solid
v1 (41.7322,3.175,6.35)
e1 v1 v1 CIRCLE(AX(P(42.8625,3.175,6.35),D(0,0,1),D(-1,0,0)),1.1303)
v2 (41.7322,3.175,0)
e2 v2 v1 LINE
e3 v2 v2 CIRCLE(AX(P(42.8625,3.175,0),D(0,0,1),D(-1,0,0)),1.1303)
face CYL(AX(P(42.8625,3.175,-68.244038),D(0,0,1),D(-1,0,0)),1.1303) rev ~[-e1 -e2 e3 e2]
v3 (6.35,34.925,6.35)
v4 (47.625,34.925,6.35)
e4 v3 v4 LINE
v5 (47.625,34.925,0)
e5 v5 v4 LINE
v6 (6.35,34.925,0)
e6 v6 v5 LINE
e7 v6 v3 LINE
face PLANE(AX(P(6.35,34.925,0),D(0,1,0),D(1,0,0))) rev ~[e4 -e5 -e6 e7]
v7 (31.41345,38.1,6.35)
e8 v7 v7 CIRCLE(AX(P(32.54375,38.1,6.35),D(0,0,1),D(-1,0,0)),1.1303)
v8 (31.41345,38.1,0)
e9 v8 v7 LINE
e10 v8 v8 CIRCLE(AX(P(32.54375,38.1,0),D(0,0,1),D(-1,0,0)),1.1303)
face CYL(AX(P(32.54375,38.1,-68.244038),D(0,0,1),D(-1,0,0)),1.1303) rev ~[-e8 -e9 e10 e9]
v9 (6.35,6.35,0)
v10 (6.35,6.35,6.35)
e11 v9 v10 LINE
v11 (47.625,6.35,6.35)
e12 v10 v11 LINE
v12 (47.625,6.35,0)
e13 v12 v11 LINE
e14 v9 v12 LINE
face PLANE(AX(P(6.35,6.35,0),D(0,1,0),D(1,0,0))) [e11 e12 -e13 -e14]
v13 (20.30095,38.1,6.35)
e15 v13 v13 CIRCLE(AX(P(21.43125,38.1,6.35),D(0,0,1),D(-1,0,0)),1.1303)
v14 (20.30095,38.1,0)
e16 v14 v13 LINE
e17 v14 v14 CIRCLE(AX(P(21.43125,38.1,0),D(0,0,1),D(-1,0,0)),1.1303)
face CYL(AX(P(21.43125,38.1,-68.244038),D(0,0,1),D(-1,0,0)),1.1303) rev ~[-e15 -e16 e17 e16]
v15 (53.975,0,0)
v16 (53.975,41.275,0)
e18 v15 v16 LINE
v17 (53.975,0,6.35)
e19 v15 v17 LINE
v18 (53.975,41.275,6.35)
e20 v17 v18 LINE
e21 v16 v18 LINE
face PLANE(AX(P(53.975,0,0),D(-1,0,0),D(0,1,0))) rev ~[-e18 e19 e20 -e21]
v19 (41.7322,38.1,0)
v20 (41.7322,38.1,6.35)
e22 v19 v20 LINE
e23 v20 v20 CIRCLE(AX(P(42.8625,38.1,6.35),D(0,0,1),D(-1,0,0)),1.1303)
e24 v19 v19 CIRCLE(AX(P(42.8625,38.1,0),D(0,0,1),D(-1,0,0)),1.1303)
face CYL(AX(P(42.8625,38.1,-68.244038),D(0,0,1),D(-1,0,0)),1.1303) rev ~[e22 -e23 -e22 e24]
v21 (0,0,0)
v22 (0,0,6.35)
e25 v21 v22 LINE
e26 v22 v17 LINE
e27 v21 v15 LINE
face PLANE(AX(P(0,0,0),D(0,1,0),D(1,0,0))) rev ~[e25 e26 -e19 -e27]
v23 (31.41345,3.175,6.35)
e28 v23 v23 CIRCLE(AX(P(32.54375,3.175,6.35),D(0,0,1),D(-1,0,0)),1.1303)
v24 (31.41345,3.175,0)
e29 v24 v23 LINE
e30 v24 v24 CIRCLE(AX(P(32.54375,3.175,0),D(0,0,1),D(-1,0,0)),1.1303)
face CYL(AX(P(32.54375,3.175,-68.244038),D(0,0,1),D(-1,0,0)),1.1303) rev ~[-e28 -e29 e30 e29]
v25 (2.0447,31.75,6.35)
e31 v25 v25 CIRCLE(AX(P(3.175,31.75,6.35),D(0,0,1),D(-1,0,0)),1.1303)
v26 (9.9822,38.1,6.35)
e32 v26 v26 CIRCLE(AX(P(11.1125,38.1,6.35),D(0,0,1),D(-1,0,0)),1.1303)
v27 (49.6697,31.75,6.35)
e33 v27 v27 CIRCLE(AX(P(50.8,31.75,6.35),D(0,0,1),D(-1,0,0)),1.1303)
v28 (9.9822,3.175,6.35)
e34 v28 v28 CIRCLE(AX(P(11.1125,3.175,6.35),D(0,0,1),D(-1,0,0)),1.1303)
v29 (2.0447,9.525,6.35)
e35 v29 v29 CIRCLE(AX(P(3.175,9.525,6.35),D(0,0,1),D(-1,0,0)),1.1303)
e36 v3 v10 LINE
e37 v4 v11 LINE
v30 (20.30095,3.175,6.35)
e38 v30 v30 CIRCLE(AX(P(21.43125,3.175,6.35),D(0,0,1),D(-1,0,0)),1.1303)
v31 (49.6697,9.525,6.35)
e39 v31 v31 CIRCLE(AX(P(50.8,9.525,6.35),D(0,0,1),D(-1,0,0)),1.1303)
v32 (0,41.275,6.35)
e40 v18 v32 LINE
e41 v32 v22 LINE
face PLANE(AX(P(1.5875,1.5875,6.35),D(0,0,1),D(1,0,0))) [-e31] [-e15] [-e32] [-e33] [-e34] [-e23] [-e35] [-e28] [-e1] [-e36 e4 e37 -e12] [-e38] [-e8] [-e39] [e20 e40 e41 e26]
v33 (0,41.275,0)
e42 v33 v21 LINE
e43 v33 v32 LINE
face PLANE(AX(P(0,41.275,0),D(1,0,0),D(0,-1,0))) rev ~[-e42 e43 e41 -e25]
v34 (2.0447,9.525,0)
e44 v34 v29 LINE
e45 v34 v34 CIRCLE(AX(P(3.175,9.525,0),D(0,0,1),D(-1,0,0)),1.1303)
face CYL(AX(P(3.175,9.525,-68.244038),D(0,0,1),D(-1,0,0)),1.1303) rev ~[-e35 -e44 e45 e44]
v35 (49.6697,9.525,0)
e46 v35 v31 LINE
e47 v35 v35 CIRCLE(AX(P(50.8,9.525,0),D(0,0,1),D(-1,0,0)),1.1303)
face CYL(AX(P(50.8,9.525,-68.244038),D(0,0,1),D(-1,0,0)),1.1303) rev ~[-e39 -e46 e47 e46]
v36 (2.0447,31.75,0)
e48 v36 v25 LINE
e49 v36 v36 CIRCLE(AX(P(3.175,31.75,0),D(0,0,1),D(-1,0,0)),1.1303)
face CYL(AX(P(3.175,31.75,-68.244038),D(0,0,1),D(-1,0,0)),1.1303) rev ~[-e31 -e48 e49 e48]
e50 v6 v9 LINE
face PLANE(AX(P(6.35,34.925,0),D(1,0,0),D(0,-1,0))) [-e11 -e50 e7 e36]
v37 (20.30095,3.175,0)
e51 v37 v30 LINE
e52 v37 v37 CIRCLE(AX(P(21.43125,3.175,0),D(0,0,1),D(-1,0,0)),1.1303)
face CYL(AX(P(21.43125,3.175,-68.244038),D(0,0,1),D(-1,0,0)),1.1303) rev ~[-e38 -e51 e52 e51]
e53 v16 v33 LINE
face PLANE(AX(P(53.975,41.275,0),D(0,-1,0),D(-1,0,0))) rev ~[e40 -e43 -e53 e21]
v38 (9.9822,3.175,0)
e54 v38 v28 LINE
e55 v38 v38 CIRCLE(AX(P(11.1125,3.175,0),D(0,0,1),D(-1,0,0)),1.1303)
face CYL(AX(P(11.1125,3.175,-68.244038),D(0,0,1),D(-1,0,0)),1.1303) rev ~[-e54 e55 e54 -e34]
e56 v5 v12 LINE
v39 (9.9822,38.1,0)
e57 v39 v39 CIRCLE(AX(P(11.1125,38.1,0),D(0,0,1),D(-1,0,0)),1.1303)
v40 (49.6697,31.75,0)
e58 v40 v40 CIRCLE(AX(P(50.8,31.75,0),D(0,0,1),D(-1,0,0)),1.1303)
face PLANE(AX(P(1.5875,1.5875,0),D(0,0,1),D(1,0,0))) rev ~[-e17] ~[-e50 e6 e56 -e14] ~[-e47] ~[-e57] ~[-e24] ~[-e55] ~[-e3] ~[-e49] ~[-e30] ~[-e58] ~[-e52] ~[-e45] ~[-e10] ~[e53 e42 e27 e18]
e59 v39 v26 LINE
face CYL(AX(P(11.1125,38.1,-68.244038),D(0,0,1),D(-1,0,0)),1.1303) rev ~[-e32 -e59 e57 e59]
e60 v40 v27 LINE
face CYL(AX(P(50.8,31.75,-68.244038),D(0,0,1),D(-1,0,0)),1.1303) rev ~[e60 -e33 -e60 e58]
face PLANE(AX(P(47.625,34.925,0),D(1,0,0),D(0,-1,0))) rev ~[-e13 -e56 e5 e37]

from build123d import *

# Parameters (mm, degrees)
F0_W     = 3.175
F0_H     = 3.175
F1_DEPTH = 6.35
F2_W     = 41.275
F2_H     = 28.575
F3_DEPTH = 6.35
F4_D     = 2.2606
F5_D     = 2.2606
F6_D     = 2.2606
F7_D     = 2.2606
F8_D     = 2.2606
F9_D     = 2.2606
F10_D    = 2.2606
F11_D    = 2.2606
F12_D    = 2.2606
F13_D    = 2.2606
F14_D    = 2.2606
F15_D    = 2.2606


with BuildPart() as f1:
    # F0 (on Top) → F1 (new body)
    with BuildSketch(Plane.XY):
        with Locations((1.5875, 1.5875)):
            Rectangle(F0_W, F0_H)
        Polygon((3.175, 3.175), (3.175, 0), (50.8, 0), (50.8, 3.175), (53.975, 3.175), (53.975, 38.1), (50.8, 38.1), (50.8, 41.275), (3.175, 41.275), (3.175, 38.1), (0, 38.1), (0, 3.175), align=None)
        with Locations((52.3875, 1.5875)):
            Rectangle(F0_W, F0_H)
        with Locations((1.5875, 39.6875)):
            Rectangle(F0_W, F0_H)
        with Locations((52.3875, 39.6875)):
            Rectangle(F0_W, F0_H)
    extrude(amount=F1_DEPTH)

    # F2 (on face) → F3 (cut, through all)
    with BuildSketch(Plane(origin=(0, 0, 0), x_dir=(1, 0, 0), z_dir=(0, 0, -1))):
        with Locations((26.9875, -20.6375)):
            Rectangle(F2_W, F2_H)
    extrude(amount=-F3_DEPTH, mode=Mode.SUBTRACT)

    # F4 (through all)
    with Locations(Plane(origin=(0, 0, 0), x_dir=(1, 0, 0), z_dir=(0, 0, -1))):
        with Locations((11.1125, -3.175)):
            Hole(F4_D / 2)

    # F5 (through all)
    with Locations(Plane(origin=(0, 0, 0), x_dir=(1, 0, 0), z_dir=(0, 0, -1))):
        with Locations((21.43125, -3.175)):
            Hole(F5_D / 2)

    # F6 (through all)
    with Locations(Plane(origin=(0, 0, 0), x_dir=(1, 0, 0), z_dir=(0, 0, -1))):
        with Locations((32.54375, -3.175)):
            Hole(F6_D / 2)

    # F7 (through all)
    with Locations(Plane(origin=(0, 0, 0), x_dir=(1, 0, 0), z_dir=(0, 0, -1))):
        with Locations((42.8625, -3.175)):
            Hole(F7_D / 2)

    # F8 (through all)
    with Locations(Plane(origin=(0, 0, 0), x_dir=(1, 0, 0), z_dir=(0, 0, -1))):
        with Locations((11.1125, -38.1)):
            Hole(F8_D / 2)

    # F9 (through all)
    with Locations(Plane(origin=(0, 0, 0), x_dir=(1, 0, 0), z_dir=(0, 0, -1))):
        with Locations((21.43125, -38.1)):
            Hole(F9_D / 2)

    # F10 (through all)
    with Locations(Plane(origin=(0, 0, 0), x_dir=(1, 0, 0), z_dir=(0, 0, -1))):
        with Locations((32.54375, -38.1)):
            Hole(F10_D / 2)

    # F11 (through all)
    with Locations(Plane(origin=(0, 0, 0), x_dir=(1, 0, 0), z_dir=(0, 0, -1))):
        with Locations((42.8625, -38.1)):
            Hole(F11_D / 2)

    # F12 (through all)
    with Locations(Plane(origin=(0, 0, 0), x_dir=(1, 0, 0), z_dir=(0, 0, -1))):
        with Locations((3.175, -9.525)):
            Hole(F12_D / 2)

    # F13 (through all)
    with Locations(Plane(origin=(0, 0, 0), x_dir=(1, 0, 0), z_dir=(0, 0, -1))):
        with Locations((3.175, -31.75)):
            Hole(F13_D / 2)

    # F14 (through all)
    with Locations(Plane(origin=(0, 0, 0), x_dir=(1, 0, 0), z_dir=(0, 0, -1))):
        with Locations((50.8, -9.525)):
            Hole(F14_D / 2)

    # F15 (through all)
    with Locations(Plane(origin=(0, 0, 0), x_dir=(1, 0, 0), z_dir=(0, 0, -1))):
        with Locations((50.8, -31.75)):
            Hole(F15_D / 2)


solid = f1.part
